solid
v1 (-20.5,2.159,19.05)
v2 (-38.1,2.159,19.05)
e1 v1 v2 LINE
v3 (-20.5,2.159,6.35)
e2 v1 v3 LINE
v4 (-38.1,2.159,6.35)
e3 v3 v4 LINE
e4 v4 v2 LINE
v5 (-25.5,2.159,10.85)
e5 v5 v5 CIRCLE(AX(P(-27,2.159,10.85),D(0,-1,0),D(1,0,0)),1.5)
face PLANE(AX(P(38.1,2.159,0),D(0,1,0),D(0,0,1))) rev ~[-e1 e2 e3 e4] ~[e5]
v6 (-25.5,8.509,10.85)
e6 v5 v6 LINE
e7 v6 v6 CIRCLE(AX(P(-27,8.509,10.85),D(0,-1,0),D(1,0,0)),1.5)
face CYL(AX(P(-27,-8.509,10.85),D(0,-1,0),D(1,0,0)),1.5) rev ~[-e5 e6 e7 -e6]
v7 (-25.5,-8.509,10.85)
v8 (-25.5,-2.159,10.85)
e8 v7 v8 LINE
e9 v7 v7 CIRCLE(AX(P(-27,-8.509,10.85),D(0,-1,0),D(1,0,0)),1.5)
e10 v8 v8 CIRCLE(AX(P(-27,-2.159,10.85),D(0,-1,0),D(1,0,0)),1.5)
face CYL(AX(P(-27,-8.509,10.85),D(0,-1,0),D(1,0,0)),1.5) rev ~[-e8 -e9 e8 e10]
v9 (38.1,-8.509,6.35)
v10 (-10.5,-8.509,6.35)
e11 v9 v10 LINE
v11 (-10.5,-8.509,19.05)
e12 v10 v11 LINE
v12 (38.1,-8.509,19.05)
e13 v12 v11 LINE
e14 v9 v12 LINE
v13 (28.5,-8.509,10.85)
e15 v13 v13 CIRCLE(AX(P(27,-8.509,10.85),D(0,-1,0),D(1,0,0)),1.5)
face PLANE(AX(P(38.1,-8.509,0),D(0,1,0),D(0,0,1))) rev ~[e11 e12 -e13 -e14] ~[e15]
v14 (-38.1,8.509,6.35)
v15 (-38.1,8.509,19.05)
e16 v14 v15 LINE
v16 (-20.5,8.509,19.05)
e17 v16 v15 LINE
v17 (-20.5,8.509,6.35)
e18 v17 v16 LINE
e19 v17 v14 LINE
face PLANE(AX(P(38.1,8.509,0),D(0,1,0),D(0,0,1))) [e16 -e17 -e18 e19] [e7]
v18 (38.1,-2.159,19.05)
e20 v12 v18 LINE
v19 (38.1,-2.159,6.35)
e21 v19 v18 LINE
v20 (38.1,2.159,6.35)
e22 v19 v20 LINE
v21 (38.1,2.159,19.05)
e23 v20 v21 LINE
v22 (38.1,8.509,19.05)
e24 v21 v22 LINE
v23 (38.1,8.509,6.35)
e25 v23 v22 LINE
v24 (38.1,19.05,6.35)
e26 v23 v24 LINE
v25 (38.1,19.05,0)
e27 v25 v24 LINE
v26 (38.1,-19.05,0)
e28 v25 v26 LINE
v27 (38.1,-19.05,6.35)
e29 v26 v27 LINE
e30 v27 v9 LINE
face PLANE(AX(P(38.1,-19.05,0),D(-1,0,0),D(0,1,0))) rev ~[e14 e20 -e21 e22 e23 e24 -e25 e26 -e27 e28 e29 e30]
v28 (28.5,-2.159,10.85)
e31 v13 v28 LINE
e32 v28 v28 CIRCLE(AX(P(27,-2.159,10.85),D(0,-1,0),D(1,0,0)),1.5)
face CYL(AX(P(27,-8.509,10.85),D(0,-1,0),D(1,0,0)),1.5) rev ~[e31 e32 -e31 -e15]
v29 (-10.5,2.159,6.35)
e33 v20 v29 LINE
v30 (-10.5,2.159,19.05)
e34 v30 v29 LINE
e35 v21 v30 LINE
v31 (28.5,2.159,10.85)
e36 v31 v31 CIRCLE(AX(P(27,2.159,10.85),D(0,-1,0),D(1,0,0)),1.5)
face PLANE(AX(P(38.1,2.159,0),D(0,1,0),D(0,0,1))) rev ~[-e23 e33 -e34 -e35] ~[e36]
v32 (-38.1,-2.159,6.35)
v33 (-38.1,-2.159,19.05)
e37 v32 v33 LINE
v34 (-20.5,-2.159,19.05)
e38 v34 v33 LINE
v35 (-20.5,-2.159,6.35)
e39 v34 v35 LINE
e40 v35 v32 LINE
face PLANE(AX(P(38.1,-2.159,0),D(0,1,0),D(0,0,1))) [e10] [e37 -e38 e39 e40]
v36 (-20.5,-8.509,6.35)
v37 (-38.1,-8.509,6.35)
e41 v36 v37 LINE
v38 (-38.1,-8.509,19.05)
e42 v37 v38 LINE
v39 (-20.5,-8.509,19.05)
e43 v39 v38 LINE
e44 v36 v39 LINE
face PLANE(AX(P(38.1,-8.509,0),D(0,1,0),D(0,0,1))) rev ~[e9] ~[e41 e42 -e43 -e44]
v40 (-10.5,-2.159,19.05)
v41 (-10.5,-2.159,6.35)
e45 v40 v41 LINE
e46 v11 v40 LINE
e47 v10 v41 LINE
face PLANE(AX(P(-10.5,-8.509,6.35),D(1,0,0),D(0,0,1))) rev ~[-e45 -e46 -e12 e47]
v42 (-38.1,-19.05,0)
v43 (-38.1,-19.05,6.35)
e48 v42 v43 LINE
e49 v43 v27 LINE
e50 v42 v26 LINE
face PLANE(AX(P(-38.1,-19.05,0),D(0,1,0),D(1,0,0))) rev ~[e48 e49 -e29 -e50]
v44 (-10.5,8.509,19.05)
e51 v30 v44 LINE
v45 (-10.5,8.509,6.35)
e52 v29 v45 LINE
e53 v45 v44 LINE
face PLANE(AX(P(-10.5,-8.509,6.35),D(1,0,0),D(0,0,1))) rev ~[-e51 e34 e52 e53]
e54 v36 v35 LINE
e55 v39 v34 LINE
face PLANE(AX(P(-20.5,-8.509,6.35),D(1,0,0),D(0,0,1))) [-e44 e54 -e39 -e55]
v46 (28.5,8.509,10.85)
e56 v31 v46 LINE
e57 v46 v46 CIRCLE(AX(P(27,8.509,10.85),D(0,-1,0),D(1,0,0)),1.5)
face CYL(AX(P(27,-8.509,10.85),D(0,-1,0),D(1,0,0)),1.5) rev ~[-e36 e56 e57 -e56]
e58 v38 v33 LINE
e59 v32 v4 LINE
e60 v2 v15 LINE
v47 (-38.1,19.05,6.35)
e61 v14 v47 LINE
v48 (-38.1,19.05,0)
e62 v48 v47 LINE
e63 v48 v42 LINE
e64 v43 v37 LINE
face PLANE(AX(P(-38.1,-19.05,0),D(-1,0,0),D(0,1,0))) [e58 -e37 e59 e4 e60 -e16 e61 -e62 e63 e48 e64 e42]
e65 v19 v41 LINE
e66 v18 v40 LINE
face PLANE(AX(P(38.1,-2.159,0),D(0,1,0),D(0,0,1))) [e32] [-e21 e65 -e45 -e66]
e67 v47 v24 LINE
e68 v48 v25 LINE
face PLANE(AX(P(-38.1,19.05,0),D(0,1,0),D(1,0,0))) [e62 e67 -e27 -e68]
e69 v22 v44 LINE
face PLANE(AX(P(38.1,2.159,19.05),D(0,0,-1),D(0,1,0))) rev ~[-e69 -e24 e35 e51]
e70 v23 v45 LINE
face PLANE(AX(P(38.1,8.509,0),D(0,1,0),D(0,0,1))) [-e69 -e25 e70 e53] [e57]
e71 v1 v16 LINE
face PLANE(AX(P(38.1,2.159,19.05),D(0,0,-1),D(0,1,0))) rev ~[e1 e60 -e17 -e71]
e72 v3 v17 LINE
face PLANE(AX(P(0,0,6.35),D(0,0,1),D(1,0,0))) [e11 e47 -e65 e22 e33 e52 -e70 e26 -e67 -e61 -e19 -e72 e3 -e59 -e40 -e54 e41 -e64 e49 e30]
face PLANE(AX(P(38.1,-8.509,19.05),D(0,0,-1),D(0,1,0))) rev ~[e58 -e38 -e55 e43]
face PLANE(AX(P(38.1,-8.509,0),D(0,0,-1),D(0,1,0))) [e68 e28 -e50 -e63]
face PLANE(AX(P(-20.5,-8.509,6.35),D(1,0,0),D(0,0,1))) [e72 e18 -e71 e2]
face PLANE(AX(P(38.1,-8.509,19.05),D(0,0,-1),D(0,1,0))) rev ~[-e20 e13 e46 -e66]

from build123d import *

# Parameters (mm, degrees)
F0_W     = 76.2
F0_H     = 38.1
F1_DEPTH = 6.35
F2_W     = 6.35
F2_H     = 19.05
F3_DEPTH = 76.2
F4_R     = 1.5
F4_W     = 10
F4_H     = 12.7
F5_DEPTH = 17.018


with BuildPart() as f1:
    # F0 (on Top) → F1 (new body)
    with BuildSketch(Plane.XY):
        Rectangle(F0_W, F0_H)
    extrude(amount=F1_DEPTH)

    # F2 (on face) → F3 (join, through all)
    with BuildSketch(Plane.YZ.offset(38.1)):
        with Locations((-5.334, 9.525)):
            Rectangle(F2_W, F2_H)
        with Locations((5.334, 9.525)):
            Rectangle(F2_W, F2_H)
    extrude(amount=-F3_DEPTH)

    # F4 (on face) → F5 (cut, through all)
    with BuildSketch(Plane.XZ.offset(8.509)):
        with Locations((-27, 10.85)):
            Circle(F4_R)
        with Locations((27, 10.85)):
            Circle(F4_R)
        with Locations((-15.5, 12.7)):
            Rectangle(F4_W, F4_H)
    extrude(amount=-F5_DEPTH, mode=Mode.SUBTRACT)


solid = f1.part
